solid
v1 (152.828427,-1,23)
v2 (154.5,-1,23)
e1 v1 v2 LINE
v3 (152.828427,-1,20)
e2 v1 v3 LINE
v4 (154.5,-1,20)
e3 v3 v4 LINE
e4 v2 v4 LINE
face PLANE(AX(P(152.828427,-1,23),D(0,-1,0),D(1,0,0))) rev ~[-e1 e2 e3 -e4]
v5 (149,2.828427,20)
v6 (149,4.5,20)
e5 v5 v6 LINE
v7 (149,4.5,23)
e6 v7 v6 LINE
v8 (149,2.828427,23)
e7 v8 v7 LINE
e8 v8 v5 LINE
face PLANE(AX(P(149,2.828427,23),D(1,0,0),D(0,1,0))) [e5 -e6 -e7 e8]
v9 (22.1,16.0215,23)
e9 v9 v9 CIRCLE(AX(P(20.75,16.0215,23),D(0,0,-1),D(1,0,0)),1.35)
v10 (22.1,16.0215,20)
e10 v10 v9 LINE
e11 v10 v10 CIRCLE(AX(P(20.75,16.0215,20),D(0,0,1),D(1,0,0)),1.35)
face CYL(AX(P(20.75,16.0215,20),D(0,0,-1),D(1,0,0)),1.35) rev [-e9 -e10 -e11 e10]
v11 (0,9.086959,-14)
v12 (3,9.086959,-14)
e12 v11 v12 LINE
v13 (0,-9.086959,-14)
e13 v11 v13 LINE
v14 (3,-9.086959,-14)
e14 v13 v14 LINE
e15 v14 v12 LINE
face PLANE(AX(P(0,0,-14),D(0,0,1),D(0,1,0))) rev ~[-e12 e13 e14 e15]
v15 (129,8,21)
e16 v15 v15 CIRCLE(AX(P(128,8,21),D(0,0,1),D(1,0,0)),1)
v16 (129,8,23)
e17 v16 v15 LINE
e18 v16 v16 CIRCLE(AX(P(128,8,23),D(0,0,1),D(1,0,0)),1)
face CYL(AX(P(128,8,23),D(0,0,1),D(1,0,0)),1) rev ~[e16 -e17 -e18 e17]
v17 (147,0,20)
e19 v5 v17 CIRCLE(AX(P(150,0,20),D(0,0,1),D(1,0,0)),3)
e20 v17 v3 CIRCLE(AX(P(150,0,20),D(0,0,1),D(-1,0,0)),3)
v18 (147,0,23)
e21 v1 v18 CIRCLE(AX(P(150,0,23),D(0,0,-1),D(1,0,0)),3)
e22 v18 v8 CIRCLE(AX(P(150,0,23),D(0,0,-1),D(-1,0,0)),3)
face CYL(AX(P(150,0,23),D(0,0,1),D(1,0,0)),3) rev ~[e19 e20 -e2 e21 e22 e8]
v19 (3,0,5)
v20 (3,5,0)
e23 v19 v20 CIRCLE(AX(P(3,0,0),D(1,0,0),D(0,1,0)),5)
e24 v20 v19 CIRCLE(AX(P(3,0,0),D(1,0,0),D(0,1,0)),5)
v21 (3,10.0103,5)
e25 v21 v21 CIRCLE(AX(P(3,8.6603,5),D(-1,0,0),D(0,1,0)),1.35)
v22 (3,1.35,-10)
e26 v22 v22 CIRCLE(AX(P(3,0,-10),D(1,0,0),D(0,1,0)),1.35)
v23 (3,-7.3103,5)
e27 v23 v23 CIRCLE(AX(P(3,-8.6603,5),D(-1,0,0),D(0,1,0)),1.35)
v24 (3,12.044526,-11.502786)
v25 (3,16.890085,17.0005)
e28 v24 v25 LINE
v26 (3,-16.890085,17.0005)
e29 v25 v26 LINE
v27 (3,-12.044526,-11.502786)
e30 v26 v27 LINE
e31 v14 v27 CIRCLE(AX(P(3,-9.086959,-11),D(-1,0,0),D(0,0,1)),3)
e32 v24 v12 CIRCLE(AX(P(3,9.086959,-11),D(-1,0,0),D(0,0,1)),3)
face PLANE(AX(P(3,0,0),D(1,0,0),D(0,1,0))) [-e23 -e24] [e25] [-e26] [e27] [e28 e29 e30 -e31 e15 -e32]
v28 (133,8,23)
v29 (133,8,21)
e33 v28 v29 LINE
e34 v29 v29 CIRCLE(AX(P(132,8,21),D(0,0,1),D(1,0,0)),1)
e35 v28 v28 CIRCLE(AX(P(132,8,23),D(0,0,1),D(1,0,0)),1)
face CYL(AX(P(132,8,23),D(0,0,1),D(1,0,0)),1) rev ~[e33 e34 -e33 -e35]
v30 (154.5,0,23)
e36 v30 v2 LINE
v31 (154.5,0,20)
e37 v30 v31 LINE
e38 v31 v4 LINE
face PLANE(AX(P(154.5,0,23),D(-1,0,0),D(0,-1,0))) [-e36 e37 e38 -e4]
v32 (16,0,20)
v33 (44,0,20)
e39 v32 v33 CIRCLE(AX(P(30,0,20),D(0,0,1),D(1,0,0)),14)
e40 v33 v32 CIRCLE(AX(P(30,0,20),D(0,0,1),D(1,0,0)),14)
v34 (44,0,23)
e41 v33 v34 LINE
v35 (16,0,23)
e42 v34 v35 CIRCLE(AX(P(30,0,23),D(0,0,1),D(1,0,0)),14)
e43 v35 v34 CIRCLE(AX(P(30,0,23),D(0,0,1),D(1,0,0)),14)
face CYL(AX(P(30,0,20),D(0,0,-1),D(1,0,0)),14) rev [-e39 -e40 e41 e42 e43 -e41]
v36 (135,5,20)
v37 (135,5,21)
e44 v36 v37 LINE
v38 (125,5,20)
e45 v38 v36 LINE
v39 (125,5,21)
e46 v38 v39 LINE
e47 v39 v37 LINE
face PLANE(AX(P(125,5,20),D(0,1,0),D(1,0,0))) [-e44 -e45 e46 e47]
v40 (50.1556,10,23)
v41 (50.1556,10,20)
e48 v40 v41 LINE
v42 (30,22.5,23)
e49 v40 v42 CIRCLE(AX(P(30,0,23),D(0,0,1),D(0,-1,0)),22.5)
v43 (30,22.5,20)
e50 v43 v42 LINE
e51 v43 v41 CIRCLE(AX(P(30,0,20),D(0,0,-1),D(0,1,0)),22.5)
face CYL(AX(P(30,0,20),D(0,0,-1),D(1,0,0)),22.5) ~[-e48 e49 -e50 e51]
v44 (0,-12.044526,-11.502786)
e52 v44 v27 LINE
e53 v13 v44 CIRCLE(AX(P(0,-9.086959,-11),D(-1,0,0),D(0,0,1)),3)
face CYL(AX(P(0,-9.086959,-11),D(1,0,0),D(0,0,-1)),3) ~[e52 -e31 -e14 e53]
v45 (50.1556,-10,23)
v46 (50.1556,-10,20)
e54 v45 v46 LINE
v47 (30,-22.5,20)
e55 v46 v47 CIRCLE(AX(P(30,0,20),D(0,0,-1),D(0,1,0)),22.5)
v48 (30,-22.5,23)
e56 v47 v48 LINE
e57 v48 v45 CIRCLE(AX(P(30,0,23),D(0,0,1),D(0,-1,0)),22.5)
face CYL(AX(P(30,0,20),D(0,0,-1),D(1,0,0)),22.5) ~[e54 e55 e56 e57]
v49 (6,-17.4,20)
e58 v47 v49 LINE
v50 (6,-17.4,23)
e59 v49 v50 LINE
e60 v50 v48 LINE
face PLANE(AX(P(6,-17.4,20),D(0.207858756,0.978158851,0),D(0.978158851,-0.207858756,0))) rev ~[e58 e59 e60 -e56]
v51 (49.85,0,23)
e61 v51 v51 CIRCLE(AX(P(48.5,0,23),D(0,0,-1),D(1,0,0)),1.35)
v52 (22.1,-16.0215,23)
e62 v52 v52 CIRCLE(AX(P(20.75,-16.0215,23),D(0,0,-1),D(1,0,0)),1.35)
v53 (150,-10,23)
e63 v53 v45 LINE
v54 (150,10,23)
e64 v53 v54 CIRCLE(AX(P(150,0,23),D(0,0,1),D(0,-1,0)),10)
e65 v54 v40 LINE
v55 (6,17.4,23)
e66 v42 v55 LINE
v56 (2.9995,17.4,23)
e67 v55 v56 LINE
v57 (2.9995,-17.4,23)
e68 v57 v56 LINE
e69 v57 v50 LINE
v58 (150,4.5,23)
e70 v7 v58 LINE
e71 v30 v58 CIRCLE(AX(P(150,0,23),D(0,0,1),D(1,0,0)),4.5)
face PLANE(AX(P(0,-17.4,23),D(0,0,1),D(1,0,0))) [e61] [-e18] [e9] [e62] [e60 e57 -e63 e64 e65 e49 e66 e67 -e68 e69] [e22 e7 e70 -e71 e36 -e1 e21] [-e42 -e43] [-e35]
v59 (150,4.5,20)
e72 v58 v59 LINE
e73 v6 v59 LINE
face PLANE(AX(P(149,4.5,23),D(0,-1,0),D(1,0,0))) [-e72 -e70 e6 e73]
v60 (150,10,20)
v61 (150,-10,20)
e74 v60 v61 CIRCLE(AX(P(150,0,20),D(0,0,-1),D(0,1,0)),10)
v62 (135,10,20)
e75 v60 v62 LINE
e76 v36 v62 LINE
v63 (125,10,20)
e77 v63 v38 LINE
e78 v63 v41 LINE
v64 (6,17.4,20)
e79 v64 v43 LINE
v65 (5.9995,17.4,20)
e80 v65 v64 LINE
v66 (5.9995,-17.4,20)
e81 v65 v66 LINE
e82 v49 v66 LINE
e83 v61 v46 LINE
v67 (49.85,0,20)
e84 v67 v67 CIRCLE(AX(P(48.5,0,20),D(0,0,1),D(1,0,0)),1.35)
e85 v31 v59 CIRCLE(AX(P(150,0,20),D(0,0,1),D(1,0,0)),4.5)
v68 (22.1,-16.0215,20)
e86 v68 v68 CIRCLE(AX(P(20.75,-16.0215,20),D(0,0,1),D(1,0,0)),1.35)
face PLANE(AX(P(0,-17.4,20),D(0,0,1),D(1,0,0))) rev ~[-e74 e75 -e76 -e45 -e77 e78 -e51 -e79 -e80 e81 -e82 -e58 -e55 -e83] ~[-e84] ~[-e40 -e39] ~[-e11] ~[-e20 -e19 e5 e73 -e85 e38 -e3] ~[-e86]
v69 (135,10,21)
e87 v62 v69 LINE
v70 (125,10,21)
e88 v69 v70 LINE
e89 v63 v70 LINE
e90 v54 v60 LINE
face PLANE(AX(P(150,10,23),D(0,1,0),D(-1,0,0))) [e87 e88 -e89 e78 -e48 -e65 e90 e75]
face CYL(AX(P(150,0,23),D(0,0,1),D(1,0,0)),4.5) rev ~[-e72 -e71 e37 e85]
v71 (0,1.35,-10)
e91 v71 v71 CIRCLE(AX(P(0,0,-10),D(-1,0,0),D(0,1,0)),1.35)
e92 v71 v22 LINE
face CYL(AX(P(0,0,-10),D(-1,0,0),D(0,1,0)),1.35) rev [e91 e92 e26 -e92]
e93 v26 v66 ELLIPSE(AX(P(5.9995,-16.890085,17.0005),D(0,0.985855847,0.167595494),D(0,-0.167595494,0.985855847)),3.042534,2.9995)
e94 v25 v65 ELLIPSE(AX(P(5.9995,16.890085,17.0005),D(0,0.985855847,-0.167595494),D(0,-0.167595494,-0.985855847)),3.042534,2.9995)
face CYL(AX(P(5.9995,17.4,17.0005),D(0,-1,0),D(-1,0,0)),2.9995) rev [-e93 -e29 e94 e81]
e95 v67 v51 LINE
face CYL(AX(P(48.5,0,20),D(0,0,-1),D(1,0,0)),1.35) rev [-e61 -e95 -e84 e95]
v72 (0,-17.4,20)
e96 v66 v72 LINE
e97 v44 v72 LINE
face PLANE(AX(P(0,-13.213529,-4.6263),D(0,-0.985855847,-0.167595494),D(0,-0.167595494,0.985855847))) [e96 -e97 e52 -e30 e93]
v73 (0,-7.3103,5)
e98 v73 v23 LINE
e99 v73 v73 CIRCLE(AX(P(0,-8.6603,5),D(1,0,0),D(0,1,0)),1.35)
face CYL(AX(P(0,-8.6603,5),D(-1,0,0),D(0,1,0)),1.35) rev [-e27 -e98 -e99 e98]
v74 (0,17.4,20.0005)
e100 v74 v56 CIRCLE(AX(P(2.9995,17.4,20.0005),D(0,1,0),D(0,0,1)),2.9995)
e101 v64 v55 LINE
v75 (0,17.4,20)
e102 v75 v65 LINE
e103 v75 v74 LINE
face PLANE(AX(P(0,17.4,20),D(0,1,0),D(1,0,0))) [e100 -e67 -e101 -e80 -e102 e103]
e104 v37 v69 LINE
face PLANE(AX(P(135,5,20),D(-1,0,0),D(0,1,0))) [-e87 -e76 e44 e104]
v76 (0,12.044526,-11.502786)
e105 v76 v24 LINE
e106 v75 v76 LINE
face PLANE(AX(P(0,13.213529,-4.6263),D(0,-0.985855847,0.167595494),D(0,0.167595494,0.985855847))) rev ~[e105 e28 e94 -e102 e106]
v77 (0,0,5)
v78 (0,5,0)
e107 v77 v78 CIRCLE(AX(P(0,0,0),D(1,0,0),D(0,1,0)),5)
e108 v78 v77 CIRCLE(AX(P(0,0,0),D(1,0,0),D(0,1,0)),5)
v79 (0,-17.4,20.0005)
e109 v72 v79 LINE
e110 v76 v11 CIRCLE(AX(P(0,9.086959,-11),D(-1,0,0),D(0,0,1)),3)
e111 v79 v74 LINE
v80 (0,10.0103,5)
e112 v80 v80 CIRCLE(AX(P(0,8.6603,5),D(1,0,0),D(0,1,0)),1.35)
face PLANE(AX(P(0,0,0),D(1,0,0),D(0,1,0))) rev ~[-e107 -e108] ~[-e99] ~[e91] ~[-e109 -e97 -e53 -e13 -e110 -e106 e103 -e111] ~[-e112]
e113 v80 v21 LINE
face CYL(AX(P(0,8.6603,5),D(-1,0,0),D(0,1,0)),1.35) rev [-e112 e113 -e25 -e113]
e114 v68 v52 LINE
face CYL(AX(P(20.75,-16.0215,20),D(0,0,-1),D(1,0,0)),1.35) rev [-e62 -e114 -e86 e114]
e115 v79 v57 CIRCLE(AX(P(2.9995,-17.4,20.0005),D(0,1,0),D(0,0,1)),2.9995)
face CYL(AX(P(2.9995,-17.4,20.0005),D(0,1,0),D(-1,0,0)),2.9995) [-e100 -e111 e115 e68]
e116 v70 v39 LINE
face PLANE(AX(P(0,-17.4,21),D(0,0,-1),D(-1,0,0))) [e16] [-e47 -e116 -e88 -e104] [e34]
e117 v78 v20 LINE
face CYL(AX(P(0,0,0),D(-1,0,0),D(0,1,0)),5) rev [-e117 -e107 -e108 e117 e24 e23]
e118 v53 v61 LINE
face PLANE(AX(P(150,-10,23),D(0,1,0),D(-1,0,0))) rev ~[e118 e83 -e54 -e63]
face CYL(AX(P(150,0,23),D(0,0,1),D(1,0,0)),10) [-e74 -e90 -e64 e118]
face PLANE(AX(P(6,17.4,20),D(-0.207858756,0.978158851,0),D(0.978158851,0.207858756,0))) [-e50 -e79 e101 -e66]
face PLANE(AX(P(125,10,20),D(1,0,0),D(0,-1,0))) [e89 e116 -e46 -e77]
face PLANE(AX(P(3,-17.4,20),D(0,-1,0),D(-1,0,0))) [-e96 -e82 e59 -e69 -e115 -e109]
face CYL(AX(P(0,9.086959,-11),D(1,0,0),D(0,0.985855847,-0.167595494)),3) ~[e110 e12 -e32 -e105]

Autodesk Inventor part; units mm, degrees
ref_plane "YZ Plane" through (0, 0, 0) normal (1, 0, 0) x (0, 1, 0)
ref_plane "XZ Plane" through (0, 0, 0) normal (0, 1, 0) x (-1, 0, 0)
ref_plane "XY Plane" through (0, 0, 0) normal (0, 0, 1) x (1, 0, 0)
sketch "スケッチ1" plane through (0, 0, 0) normal (1, 0, 0) x (0, 1, 0)
  circle A0 centre (0, 0) radius 10
  circle A1 centre (0, -10) radius 1.35
  circle A2 centre (8.6603, 5) radius 1.35
  circle A3 centre (-8.6603, 5) radius 1.35
  circle A4 centre (0, 0) radius 5
  line L0 (0, 0) -> (0, 50)
  circle A5 centre (0, 50) radius 22.5
  circle A6 centre (0, 0) radius 14
  line L1 (-14, 0) -> (-22.5, 50)
  line L2 (14, 0) -> (22.5, 50)
  line L3 (0, -14) -> (-11.62, -14)
  line L4 (-11.62, -14) -> (-14, 0)
  line L5 (0, -14) -> (11.62, -14)
  line L6 (11.62, -14) -> (14, 0)
  line L7 (0, 20) -> (-17.4, 20)
  line L8 (0, 20) -> (17.4, 20)
  dimension "d0" = 20
  dimension "d1" = 2.7
  dimension "d4" = 360
  dimension "d6" = 10
  dimension "d7" = 50
  dimension "d8" = 45
  dimension "d9" = 28
extrude "押し出し1" add sketch "スケッチ1" along normal blind 3 contours A0 A1 A3 A2 | A6 L6 L4 | A6 L1 L7 L0 | L0 L8 L2 A6 | L6 L5 A6 | A6 L3 L4
sketch "スケッチ2" plane through (0, -17.4, 20) normal (0, 0, 1) x (1, 0, 0)
  line L0 (0, 17.4) -> (30, 17.4)
  circle A0 centre (30, 17.4) radius 22.5
  circle A1 centre (30, 17.4) radius 18.5
  circle A2 centre (30, 17.4) radius 14
  circle A3 centre (48.5, 17.4) radius 1.35
  circle A4 centre (20.75, 33.4215) radius 1.35
  circle A5 centre (20.75, 1.3785) radius 1.35
  line L1 (0, 29.02) -> (0, 34.8) projected
  line L2 (0, 0) -> (0, 5.78) projected
  line L3 (0, 34.8) -> (0, 0)
  line L4 (3, 29.02) -> (3, 34.8) projected
  line L5 (3, 34.8) -> (6, 34.8)
  line L6 (6, 34.8) -> (30, 39.9)
  line L7 (3, 0) -> (3, 5.78) projected
  line L8 (3, 0) -> (6, 0)
  line L9 (6, 0) -> (30, -5.1)
  line L10 (3, 0) -> (0, 0)
  line L11 (0, 34.8) -> (3, 34.8) projected
  line L12 (0, 0) -> (0, 34.8)
  line L13 (0, 34.8) -> (3, 34.8)
  dimension "d14" = 37
  dimension "d12" = 30
  dimension "d13" = 45
  dimension "d15" = 28
  dimension "d16" = 2.7
  dimension "d19" = 360
  dimension "d21" = 3
  dimension "d22" = 3
extrude "押し出し2" add sketch "スケッチ2" along normal blind 3 contours L3 L1 L11 L5 L6 A0 L0 | L0 A0 L9 L8 L10 L2 L3 | A1 A4 A3 A5 | A0 L6 L9
fillet "フィレット1" radius 3 2 edges at (3, 0, 20) (0, 0, 23)
fillet "フィレット2" radius 3 2 edges at (1.5, -11.62, -14) (1.5, 11.62, -14)
sketch "スケッチ3" plane through (0, -17.4, 23) normal (0, 0, 1) x (1, 0, 0)
  arc A0 (30, -5.1) -> (30, 39.9) centre (30, 17.4) ccw projected
  line L0 (30, 17.4) -> (150, 17.4)
  circle A1 centre (150, 17.4) radius 10
  line L1 (150, 27.4) -> (50.1556, 27.4)
  line L2 (150, 7.4) -> (50.1556, 7.4)
  circle A2 centre (150, 17.4) radius 3
  line L3 (150, 17.4) -> (150, 16.4)
  line L4 (150, 16.4) -> (154.5, 16.4)
  line L5 (150, 17.4) -> (149, 17.4)
  line L6 (149, 17.4) -> (149, 21.9)
  arc A3 (154.5, 16.4) -> (149, 21.9) centre (149.3141, 16.7141) ccw
  point P0 (0, 17.4)
  dimension "d27" = 120
  dimension "d28" = 20
  dimension "d29" = 6
  dimension "d32" = 1
  dimension "d33" = 4.5
  dimension "d34" = 1
  dimension "d35" = 4.5
extrude "押し出し3" add sketch "スケッチ3" against normal blind 3 contours A0 L0 A1 L2 | A0 L1 A1 L0 | A1 | L6 A3 L4 A2
sketch "スケッチ4" plane through (0, -17.4, 23) normal (0, 0, 1) x (1, 0, 0)
  circle A0 centre (150, 17.4) radius 3 projected
  line L0 (150, 17.4) -> (150, 16.4)
  line L1 (150, 16.4) -> (154.5, 16.4)
  line L2 (150, 17.4) -> (154.5, 17.4)
  line L3 (150, 17.4) -> (149, 17.4)
  line L4 (149, 17.4) -> (149, 21.9)
  line L5 (150, 17.4) -> (150, 21.9)
  line L6 (149, 21.9) -> (150, 21.9)
  line L7 (154.5, 17.4) -> (154.5, 16.4)
  arc A1 (154.5, 17.4) -> (150, 21.9) centre (150, 17.4) ccw
  point P0 (0, 17.4)
  point P1 (149, 20.2284)
  point P2 (152.8284, 16.4)
  dimension "d36" = 1
  dimension "d37" = 4.5
  dimension "d38" = 1
  dimension "d39" = 4.5
extrude "押し出し4" cut sketch "スケッチ4" against normal blind 3 contours L2 L7 L1 A0 | A0 L5 A1 L2 | A0 L4 L6 L5
sketch "スケッチ5" plane through (0, -17.4, 23) normal (0, 0, 1) x (1, 0, 0)
  circle A0 centre (132, 25.4) radius 1
  circle A1 centre (128, 25.4) radius 1
  point P0 (0, 17.4)
  dimension "d42" = 2
  dimension "d43" = 2
extrude "押し出し5" cut sketch "スケッチ5" against normal blind 3
thread "ねじ1" size "M2x0.4" class "6H" standard "ANSI Metric M Profile" full length
thread "ねじ2" size "M2x0.4" class "6H" standard "ANSI Metric M Profile" full length
sketch "スケッチ6" plane through (0, -17.4, 20) normal (0, 0, -1) x (-1, 0, 0)
  line L0 (-50.1556, 27.4) -> (-150, 27.4) projected
  line L1 (-130, 27.4) -> (-125, 27.4)
  line L2 (-125, 27.4) -> (-125, 22.4)
  line L3 (-125, 22.4) -> (-135, 22.4)
  line L4 (-135, 22.4) -> (-135, 27.4)
  line L5 (-135, 27.4) -> (-130, 27.4)
  point P0 (0, 17.4)
  dimension "d50" = 5
  dimension "d51" = 5
  dimension "d52" = 10
extrude "押し出し6" cut sketch "スケッチ6" against normal blind 1
properties part number "motor_holder_1" material "アルミニウム 6061"
